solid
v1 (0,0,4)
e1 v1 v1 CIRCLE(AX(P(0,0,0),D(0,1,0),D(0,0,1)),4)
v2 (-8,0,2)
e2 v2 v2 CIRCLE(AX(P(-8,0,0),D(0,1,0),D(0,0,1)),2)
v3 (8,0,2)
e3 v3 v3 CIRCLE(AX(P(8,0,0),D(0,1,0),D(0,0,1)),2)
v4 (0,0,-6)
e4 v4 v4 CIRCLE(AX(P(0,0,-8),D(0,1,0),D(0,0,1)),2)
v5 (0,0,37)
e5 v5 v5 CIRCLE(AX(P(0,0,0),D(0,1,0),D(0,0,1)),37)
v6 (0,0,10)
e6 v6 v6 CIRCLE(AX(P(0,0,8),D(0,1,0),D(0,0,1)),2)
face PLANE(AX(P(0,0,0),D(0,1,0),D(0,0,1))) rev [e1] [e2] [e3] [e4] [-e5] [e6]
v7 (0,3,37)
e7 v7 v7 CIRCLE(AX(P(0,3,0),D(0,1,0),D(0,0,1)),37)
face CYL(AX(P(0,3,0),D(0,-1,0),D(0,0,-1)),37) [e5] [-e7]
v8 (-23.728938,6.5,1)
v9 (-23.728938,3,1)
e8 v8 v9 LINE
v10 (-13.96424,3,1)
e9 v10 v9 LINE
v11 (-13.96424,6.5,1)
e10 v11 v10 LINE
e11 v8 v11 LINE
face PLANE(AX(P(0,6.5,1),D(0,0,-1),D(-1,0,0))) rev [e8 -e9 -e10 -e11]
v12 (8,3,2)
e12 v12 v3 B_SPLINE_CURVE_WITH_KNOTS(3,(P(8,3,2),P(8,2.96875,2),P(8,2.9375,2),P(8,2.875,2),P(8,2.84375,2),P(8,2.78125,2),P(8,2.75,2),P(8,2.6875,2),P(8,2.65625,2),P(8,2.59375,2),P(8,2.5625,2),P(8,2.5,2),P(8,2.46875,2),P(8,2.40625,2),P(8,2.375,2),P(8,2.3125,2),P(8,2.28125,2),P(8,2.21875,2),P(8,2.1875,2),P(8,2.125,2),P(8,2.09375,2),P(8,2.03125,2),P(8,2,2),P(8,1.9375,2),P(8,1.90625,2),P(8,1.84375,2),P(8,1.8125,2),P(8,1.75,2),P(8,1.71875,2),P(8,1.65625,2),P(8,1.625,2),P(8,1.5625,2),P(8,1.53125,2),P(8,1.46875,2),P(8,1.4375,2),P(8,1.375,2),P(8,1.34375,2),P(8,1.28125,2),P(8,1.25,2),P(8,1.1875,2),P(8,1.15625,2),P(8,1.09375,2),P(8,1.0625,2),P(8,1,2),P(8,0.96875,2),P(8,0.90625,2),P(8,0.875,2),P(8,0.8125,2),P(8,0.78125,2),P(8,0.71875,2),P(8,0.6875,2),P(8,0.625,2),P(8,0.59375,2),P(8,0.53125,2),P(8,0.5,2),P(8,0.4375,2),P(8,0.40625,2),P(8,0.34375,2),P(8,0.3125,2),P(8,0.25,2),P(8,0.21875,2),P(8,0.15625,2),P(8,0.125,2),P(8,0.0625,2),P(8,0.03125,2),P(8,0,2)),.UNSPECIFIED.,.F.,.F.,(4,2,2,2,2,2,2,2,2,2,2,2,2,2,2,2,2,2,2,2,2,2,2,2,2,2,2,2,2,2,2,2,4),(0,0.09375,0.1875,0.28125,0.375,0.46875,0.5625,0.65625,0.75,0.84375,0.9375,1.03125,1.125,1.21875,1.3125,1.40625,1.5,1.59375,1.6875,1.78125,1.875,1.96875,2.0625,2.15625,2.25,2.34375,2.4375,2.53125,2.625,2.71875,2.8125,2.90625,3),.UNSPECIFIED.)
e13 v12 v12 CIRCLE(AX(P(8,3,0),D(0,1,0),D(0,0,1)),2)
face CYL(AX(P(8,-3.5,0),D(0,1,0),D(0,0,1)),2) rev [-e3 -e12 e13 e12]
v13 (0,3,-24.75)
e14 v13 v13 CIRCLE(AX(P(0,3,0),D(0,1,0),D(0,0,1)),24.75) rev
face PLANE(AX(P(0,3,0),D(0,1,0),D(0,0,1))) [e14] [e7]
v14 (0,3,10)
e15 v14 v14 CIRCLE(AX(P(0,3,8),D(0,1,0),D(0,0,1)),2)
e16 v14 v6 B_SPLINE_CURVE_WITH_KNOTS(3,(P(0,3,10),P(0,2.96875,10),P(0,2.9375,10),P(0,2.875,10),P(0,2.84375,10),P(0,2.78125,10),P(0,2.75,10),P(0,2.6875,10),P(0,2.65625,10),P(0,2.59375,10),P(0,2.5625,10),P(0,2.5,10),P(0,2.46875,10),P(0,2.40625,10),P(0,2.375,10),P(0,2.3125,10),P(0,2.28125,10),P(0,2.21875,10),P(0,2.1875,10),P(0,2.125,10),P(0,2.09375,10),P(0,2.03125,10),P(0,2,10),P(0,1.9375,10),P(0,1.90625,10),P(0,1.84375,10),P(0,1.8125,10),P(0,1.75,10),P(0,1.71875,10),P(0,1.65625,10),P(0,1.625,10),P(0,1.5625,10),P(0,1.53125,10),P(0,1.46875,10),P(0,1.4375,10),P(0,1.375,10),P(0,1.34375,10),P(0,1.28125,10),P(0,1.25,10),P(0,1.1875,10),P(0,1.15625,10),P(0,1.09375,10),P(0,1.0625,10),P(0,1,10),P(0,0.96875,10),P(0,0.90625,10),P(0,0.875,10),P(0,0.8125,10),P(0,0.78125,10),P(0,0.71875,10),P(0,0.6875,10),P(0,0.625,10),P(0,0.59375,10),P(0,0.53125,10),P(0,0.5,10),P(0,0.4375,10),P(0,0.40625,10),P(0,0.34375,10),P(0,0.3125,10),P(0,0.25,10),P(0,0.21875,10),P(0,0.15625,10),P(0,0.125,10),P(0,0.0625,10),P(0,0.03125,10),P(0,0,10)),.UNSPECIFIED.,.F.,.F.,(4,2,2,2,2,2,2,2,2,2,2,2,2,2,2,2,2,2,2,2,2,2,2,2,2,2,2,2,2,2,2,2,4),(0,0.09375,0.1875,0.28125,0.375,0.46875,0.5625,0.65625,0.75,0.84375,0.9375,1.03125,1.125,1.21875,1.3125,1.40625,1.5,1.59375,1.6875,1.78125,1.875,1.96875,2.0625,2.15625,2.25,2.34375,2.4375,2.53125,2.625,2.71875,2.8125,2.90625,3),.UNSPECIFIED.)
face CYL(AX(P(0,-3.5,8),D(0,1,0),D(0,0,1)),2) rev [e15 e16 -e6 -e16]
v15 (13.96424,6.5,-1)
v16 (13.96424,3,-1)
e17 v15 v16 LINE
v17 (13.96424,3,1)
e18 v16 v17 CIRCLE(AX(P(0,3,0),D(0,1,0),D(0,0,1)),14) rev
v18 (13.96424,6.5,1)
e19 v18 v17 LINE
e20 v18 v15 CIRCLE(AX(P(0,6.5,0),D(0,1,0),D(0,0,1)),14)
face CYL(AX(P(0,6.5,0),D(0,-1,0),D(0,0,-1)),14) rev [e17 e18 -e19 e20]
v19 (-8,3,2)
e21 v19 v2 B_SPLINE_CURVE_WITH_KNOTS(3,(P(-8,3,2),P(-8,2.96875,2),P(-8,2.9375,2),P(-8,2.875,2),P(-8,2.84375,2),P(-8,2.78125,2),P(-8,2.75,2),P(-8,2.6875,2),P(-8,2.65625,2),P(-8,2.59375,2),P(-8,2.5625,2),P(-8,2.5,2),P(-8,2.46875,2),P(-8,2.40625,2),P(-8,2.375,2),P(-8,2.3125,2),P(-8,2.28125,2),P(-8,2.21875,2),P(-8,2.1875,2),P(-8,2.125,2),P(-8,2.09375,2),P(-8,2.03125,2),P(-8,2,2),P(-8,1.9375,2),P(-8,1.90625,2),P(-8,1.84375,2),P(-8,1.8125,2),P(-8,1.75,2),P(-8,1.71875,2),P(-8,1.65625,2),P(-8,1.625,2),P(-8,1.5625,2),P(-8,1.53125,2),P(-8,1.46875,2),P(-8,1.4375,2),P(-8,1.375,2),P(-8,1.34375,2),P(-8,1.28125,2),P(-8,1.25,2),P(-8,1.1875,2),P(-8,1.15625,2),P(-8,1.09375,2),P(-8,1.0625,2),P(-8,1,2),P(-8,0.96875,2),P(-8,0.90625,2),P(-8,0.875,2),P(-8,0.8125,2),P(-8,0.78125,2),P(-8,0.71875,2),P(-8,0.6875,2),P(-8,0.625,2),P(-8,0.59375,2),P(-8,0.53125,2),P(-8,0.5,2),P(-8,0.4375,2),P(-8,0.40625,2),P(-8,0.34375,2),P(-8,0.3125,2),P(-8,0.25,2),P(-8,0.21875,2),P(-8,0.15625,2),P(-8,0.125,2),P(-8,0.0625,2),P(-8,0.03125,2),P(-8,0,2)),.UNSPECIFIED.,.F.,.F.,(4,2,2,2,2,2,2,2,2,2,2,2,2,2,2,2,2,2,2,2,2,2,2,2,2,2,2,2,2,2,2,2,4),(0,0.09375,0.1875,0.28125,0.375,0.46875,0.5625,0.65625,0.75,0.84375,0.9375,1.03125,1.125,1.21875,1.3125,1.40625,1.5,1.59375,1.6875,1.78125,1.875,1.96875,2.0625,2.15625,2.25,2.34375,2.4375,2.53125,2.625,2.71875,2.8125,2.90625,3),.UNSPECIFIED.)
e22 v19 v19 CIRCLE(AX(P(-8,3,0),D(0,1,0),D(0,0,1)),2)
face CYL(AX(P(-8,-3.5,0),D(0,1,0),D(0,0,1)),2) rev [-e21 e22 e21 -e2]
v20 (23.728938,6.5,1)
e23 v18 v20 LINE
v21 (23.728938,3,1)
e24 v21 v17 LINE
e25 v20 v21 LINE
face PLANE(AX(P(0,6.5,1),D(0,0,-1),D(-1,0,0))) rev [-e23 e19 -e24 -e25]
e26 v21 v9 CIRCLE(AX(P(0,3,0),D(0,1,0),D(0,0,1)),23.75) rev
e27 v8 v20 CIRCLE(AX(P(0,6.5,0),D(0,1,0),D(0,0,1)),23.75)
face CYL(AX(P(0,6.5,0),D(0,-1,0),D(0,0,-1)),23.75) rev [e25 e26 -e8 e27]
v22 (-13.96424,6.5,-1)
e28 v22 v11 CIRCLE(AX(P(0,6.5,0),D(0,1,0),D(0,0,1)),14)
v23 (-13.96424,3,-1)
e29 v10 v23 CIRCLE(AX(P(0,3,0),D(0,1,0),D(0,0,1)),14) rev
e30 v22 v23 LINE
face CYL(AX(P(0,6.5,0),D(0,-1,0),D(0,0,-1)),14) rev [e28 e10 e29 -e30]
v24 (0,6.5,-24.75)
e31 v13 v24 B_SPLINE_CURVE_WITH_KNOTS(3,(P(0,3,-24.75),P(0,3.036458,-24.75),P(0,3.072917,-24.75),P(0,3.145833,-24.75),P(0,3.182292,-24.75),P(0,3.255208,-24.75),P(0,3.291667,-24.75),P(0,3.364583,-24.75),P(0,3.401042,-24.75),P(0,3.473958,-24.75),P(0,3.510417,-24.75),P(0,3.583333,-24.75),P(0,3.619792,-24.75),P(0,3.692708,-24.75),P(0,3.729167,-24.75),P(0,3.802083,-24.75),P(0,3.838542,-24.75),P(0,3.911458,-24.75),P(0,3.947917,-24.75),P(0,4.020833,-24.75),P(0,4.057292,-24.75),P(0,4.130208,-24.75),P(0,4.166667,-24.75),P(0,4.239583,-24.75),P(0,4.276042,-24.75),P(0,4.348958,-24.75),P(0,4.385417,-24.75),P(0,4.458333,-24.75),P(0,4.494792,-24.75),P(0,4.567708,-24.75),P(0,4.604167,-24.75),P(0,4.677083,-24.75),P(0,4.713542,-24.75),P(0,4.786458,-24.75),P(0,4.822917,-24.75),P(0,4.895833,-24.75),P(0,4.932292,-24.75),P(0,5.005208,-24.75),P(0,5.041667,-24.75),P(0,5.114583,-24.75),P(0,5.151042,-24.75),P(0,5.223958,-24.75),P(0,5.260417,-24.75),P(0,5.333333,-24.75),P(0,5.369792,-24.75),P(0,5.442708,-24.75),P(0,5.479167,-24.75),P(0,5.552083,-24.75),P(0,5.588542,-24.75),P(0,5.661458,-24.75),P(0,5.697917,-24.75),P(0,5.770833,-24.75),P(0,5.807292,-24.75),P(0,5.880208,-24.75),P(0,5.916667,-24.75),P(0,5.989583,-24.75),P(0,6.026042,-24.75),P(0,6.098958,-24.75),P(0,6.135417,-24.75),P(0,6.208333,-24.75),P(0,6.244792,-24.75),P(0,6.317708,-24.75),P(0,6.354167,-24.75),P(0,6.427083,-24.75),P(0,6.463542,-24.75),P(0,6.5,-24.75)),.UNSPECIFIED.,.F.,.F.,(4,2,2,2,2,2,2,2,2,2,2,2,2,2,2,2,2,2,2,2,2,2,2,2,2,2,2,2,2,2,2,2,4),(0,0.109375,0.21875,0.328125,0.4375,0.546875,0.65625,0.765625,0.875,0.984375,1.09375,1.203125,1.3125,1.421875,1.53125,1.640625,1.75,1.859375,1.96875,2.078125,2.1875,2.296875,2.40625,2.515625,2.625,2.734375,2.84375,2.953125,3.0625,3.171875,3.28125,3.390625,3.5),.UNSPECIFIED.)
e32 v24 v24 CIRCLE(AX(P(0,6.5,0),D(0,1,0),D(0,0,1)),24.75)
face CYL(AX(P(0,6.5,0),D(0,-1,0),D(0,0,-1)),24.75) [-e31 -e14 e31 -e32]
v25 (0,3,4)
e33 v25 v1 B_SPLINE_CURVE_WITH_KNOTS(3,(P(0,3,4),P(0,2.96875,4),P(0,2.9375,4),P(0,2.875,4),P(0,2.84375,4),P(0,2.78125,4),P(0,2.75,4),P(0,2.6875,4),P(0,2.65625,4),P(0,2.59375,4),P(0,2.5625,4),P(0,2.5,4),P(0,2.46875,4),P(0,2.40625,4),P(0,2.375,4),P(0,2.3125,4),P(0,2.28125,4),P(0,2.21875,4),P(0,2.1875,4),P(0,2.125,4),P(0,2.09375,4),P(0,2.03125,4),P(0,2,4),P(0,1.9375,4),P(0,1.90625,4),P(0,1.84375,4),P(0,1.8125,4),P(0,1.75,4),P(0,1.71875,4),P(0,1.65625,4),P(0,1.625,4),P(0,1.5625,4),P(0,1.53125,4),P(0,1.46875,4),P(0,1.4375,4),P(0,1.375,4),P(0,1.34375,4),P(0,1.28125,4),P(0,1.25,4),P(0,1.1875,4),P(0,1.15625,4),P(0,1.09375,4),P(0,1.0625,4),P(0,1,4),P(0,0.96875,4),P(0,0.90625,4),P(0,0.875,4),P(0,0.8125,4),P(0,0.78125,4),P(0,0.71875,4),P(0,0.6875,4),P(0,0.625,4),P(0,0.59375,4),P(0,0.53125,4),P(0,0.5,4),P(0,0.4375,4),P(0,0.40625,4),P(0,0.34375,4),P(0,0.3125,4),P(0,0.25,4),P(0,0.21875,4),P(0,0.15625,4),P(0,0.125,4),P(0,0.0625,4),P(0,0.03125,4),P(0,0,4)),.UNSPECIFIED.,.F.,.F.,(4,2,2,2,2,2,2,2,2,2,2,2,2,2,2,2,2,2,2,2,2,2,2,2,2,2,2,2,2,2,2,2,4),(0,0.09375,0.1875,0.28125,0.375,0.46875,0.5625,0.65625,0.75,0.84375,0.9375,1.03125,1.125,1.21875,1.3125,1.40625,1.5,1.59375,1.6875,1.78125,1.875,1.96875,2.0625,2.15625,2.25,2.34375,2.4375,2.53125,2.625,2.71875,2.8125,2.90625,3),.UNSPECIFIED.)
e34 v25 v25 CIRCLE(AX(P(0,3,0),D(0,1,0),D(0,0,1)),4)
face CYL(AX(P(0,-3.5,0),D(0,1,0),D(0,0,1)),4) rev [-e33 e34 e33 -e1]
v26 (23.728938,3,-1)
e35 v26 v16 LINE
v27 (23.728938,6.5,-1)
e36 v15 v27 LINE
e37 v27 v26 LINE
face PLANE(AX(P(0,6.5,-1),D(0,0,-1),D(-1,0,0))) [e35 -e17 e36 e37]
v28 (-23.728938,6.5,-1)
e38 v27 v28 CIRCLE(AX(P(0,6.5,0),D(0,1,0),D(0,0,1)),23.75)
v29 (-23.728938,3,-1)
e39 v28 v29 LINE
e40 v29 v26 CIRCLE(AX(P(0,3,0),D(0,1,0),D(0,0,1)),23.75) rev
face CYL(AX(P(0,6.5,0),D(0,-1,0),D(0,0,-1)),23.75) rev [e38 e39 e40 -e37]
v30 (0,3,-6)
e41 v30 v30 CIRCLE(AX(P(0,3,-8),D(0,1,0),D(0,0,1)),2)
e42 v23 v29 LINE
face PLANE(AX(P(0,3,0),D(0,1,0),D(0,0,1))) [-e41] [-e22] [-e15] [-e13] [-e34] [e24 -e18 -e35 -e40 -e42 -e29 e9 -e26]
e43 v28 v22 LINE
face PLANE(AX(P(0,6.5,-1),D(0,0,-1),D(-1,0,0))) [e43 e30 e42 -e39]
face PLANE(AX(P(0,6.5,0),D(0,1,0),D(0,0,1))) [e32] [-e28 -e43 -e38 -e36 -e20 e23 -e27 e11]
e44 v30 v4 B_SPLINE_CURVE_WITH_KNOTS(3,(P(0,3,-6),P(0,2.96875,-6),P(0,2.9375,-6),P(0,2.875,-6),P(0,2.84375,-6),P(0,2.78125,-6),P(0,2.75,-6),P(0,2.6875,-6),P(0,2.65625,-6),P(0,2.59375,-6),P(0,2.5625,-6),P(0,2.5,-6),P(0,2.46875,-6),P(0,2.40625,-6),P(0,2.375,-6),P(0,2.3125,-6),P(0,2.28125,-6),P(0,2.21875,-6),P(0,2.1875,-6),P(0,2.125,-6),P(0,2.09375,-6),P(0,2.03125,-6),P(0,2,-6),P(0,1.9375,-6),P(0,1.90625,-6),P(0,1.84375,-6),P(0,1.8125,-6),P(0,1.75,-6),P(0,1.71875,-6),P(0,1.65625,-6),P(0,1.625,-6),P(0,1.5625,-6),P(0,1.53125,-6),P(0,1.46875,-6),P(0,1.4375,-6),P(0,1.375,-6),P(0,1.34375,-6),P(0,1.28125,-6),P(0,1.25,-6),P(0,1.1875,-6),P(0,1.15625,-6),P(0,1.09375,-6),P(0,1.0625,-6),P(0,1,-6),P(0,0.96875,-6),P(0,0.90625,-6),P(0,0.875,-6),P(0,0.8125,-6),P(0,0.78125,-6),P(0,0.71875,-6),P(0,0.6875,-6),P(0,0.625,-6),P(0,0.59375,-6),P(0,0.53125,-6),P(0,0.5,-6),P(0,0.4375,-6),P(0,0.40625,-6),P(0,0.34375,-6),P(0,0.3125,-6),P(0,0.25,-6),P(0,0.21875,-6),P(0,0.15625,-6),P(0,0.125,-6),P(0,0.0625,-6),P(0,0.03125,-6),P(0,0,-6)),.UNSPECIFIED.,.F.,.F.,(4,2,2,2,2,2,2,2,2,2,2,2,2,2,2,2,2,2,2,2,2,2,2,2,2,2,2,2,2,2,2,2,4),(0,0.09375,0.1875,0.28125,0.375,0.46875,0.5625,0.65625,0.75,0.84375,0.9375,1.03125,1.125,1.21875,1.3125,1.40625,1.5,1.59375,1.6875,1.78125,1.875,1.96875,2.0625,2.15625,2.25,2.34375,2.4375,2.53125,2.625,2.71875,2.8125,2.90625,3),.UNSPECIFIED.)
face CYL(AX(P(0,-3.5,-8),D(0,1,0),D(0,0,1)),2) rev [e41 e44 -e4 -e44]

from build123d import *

# Parameters (mm, degrees)
SKETCH1_R           = 37
BOSS_EXTRUDE1_DEPTH = 3
SKETCH1_3_R         = 24.75
BOSS_EXTRUDE2_DEPTH = 6.5
SKETCH3_R           = 4
SKETCH3_R_2         = 2
CUT_EXTRUDE1_DEPTH  = 6.5


with BuildPart() as part:
    # Sketch1 → Boss-Extrude1 (new body)
    with BuildSketch(Plane(origin=(0, 0, 0), x_dir=(1, 0, 0), z_dir=(0, 1, 0))):
        Circle(SKETCH1_R)
    extrude(amount=BOSS_EXTRUDE1_DEPTH)

    # Sketch1<3> → Boss-Extrude2 (add)
    with BuildSketch(Plane(origin=(0, 0, 0), x_dir=(1, 0, 0), z_dir=(0, 1, 0))):
        Circle(SKETCH1_3_R)
        with BuildLine():
            ThreePointArc((-23.728938029, 1), (0, 23.75), (23.728938029, 1))
            Line((23.728938029, 1), (13.964240044, 1))
            ThreePointArc((13.964240044, 1), (14, 0), (13.964240044, -1))
            Line((13.964240044, -1), (23.728938029, -1))
            ThreePointArc((23.728938029, -1), (0, -23.75), (-23.728938029, -1))
            Line((-23.728938029, -1), (-13.964240044, -1))
            ThreePointArc((-13.964240044, -1), (-14, 0), (-13.964240044, 1))
            Line((-13.964240044, 1), (-23.728938029, 1))
        make_face(mode=Mode.SUBTRACT)
    extrude(amount=BOSS_EXTRUDE2_DEPTH)

    # Sketch3 → Cut-Extrude1 (cut)
    with BuildSketch(Plane(origin=(0, 3, 0), x_dir=(1, 0, 0), z_dir=(0, 1, 0))):
        Circle(SKETCH3_R)
        with Locations((8, 0)):
            Circle(SKETCH3_R_2)
        with Locations((0, -8)):
            Circle(SKETCH3_R_2)
        with Locations((-8, 0)):
            Circle(SKETCH3_R_2)
        with Locations((0, 8)):
            Circle(SKETCH3_R_2)
    extrude(amount=-CUT_EXTRUDE1_DEPTH, mode=Mode.SUBTRACT)


solid = part.part
